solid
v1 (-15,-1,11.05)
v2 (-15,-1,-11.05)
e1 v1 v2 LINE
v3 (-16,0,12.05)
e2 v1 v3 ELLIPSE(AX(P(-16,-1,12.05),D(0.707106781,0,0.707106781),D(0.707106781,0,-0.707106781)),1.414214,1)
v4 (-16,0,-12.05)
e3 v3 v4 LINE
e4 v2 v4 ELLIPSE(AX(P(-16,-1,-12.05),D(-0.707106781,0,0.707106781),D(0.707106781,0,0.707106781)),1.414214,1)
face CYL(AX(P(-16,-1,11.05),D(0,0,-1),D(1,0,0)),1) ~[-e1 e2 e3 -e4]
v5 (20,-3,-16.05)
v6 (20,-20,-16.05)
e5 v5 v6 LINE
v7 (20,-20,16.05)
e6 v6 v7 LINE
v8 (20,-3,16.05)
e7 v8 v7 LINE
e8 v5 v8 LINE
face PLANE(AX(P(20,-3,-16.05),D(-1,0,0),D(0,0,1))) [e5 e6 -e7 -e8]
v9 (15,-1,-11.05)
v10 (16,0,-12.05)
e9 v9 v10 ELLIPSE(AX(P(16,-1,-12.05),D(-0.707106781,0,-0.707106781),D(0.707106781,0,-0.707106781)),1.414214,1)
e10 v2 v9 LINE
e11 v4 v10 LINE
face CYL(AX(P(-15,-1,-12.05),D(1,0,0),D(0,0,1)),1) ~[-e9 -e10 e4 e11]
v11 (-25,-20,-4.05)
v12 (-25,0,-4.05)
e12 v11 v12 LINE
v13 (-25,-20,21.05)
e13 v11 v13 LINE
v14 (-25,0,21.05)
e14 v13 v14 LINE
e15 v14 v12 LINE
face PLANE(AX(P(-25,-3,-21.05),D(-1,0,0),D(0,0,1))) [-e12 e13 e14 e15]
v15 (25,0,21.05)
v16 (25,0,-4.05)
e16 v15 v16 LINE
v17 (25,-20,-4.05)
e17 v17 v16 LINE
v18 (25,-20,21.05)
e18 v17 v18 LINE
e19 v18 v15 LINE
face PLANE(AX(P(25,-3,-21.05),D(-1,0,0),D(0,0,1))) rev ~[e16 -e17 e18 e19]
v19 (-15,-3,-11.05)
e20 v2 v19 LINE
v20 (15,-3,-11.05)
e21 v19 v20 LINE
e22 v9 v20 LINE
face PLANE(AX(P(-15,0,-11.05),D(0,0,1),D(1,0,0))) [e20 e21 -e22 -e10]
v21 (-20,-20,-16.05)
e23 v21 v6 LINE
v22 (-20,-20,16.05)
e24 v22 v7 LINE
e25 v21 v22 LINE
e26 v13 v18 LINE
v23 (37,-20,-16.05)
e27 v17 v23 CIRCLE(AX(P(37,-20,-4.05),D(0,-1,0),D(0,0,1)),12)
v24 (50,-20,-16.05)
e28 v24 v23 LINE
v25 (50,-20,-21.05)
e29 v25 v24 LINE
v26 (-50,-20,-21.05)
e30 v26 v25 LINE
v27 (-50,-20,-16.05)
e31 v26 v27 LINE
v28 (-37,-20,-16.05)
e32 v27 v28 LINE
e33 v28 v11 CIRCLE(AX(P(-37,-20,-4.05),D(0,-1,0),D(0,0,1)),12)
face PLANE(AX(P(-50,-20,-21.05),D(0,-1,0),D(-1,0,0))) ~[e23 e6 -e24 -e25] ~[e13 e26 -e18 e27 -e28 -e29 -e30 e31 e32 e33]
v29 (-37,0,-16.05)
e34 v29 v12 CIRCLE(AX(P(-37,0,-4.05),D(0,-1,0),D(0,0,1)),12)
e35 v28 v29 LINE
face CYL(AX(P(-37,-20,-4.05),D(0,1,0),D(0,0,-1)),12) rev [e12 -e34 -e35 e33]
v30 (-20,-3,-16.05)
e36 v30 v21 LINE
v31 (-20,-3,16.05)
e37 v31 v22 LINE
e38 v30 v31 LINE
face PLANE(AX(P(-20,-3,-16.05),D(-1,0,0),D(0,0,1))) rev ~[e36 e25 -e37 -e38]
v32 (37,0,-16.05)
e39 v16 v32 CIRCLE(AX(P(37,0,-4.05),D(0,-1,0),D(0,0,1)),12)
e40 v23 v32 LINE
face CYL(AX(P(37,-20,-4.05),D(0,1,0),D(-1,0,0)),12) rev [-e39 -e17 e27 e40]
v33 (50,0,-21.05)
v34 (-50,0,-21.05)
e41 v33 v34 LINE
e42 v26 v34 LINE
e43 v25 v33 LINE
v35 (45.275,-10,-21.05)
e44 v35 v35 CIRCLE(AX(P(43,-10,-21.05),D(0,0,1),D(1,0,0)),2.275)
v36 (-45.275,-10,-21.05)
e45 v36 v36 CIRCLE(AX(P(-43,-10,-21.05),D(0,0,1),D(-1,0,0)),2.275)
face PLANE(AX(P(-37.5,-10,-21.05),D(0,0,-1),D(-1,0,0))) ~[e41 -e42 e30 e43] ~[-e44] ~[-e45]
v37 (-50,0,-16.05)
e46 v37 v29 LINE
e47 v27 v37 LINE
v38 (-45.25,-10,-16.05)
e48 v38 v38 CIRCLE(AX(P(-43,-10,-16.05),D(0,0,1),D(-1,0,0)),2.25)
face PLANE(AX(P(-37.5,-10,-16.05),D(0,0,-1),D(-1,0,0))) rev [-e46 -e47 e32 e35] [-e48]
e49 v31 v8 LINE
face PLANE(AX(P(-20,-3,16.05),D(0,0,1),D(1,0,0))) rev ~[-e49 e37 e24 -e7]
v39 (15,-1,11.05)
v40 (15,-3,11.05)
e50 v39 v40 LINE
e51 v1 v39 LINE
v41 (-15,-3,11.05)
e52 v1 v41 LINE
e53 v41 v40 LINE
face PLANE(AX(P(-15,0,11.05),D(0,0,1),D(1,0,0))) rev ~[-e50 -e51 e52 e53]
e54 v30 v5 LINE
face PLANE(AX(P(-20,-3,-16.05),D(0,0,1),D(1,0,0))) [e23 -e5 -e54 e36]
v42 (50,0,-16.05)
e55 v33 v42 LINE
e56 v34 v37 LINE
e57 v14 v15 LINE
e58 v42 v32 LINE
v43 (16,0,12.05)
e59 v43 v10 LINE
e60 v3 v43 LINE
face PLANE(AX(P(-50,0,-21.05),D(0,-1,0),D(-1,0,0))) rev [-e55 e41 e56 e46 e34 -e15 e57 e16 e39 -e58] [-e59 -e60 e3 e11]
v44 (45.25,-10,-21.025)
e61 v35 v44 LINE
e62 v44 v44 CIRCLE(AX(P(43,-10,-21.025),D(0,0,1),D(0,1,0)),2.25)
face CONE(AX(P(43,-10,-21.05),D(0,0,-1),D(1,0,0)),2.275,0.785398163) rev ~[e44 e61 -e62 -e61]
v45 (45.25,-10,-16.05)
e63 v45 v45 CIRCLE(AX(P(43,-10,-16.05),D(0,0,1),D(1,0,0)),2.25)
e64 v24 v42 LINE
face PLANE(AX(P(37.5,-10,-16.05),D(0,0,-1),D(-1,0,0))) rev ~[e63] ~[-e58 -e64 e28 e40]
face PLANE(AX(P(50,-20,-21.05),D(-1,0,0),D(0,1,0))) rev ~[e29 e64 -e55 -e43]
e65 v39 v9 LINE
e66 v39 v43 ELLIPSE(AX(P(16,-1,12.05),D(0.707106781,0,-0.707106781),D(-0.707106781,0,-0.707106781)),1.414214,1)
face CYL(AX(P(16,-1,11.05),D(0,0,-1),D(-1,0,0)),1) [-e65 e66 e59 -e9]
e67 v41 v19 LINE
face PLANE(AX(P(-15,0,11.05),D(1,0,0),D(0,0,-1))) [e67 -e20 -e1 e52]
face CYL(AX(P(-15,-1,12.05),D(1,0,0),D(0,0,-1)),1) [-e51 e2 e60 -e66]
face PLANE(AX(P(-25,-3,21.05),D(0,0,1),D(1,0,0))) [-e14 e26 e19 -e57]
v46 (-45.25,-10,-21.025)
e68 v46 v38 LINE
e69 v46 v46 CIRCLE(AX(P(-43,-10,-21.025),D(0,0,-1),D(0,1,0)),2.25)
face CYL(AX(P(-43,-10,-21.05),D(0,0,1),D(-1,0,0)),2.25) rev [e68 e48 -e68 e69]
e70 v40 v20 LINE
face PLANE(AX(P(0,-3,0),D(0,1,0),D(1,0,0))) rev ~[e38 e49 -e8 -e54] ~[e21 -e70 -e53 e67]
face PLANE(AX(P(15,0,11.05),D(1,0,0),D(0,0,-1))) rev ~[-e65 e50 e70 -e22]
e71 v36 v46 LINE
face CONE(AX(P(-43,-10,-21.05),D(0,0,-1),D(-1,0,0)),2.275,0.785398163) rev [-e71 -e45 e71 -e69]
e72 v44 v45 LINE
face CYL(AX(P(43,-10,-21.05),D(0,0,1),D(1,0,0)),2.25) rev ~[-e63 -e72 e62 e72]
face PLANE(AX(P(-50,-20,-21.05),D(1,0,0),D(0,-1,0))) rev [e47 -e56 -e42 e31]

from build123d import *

# Parameters (mm, degrees)
SKETCH1_W                      = 50
SKETCH1_H                      = 42.1
SKETCH1_W_2                    = 30
SKETCH1_H_2                    = 22.1
BOSS_EXTRUDE2_DEPTH            = 3
FILLET1_R                      = 1
SKETCH2_W                      = 50
SKETCH2_H                      = 42.1
SKETCH2_W_2                    = 40
SKETCH2_H_2                    = 32.1
BOSS_EXTRUDE3_DEPTH            = 17
SKETCH3_W                      = 25
SKETCH3_H                      = 20
BOSS_EXTRUDE4_DEPTH            = 5
M4_CLEARANCE_HOLE1_D           = 4.5
M4_CLEARANCE_HOLE1_CSINK_D     = 4.55
M4_CLEARANCE_HOLE1_CSINK_ANGLE = 90
FILLET2_R                      = 12


with BuildPart() as part:
    # Sketch1 → Boss-Extrude2 (new body)
    with BuildSketch(Plane(origin=(0, 0, 0), x_dir=(1, 0, 0), z_dir=(0, 1, 0))):
        Rectangle(SKETCH1_W, SKETCH1_H)
        Rectangle(SKETCH1_W_2, SKETCH1_H_2, mode=Mode.SUBTRACT)
    extrude(amount=-BOSS_EXTRUDE2_DEPTH)

    # Fillet1
    fillet1_edges = [part.edges().sort_by_distance(p)[0] for p in [
        (15, 0, 0),
        (0, 0, -11.05),
        (-15, 0, 0),
        (0, 0, 11.05),
    ]]
    fillet(fillet1_edges, radius=FILLET1_R)

    # Sketch2 → Boss-Extrude3 (add)
    with BuildSketch(Plane.XZ.offset(3)):
        Rectangle(SKETCH2_W, SKETCH2_H)
        Rectangle(SKETCH2_W_2, SKETCH2_H_2, mode=Mode.SUBTRACT)
    extrude(amount=BOSS_EXTRUDE3_DEPTH)

    # Sketch3 → Boss-Extrude4 (add)
    with BuildSketch(Plane(origin=(0, 0, -21.05), x_dir=(-1, 0, 0), z_dir=(0, 0, -1))):
        with Locations((-37.5, -10)):
            Rectangle(SKETCH3_W, SKETCH3_H)
    boss_extrude4 = extrude(amount=-BOSS_EXTRUDE4_DEPTH)

    # M4 Clearance Hole1 (through all)
    with Locations(Plane(origin=(43, -10, -21.05), x_dir=(-1, 0, 0), z_dir=(0, 0, -1))):
        with Locations((0, 0)):
            m4_clearance_hole1 = CounterSinkHole(M4_CLEARANCE_HOLE1_D / 2, M4_CLEARANCE_HOLE1_CSINK_D / 2, counter_sink_angle=M4_CLEARANCE_HOLE1_CSINK_ANGLE)

    # Mirror4: Boss-Extrude4, M4 Clearance Hole1 across plane
    add(boss_extrude4.mirror(Plane(origin=(0, 0, 0), x_dir=(0, 0, 1), z_dir=(1, 0, 0))))
    add(m4_clearance_hole1.mirror(Plane(origin=(0, 0, 0), x_dir=(0, 0, 1), z_dir=(1, 0, 0))), mode=Mode.SUBTRACT)

    # Fillet2
    fillet2_edges = [part.edges().sort_by_distance(p)[0] for p in [
        (25, -10, -16.05),
        (-25, -10, -16.05),
    ]]
    fillet(fillet2_edges, radius=FILLET2_R)


solid = part.part
